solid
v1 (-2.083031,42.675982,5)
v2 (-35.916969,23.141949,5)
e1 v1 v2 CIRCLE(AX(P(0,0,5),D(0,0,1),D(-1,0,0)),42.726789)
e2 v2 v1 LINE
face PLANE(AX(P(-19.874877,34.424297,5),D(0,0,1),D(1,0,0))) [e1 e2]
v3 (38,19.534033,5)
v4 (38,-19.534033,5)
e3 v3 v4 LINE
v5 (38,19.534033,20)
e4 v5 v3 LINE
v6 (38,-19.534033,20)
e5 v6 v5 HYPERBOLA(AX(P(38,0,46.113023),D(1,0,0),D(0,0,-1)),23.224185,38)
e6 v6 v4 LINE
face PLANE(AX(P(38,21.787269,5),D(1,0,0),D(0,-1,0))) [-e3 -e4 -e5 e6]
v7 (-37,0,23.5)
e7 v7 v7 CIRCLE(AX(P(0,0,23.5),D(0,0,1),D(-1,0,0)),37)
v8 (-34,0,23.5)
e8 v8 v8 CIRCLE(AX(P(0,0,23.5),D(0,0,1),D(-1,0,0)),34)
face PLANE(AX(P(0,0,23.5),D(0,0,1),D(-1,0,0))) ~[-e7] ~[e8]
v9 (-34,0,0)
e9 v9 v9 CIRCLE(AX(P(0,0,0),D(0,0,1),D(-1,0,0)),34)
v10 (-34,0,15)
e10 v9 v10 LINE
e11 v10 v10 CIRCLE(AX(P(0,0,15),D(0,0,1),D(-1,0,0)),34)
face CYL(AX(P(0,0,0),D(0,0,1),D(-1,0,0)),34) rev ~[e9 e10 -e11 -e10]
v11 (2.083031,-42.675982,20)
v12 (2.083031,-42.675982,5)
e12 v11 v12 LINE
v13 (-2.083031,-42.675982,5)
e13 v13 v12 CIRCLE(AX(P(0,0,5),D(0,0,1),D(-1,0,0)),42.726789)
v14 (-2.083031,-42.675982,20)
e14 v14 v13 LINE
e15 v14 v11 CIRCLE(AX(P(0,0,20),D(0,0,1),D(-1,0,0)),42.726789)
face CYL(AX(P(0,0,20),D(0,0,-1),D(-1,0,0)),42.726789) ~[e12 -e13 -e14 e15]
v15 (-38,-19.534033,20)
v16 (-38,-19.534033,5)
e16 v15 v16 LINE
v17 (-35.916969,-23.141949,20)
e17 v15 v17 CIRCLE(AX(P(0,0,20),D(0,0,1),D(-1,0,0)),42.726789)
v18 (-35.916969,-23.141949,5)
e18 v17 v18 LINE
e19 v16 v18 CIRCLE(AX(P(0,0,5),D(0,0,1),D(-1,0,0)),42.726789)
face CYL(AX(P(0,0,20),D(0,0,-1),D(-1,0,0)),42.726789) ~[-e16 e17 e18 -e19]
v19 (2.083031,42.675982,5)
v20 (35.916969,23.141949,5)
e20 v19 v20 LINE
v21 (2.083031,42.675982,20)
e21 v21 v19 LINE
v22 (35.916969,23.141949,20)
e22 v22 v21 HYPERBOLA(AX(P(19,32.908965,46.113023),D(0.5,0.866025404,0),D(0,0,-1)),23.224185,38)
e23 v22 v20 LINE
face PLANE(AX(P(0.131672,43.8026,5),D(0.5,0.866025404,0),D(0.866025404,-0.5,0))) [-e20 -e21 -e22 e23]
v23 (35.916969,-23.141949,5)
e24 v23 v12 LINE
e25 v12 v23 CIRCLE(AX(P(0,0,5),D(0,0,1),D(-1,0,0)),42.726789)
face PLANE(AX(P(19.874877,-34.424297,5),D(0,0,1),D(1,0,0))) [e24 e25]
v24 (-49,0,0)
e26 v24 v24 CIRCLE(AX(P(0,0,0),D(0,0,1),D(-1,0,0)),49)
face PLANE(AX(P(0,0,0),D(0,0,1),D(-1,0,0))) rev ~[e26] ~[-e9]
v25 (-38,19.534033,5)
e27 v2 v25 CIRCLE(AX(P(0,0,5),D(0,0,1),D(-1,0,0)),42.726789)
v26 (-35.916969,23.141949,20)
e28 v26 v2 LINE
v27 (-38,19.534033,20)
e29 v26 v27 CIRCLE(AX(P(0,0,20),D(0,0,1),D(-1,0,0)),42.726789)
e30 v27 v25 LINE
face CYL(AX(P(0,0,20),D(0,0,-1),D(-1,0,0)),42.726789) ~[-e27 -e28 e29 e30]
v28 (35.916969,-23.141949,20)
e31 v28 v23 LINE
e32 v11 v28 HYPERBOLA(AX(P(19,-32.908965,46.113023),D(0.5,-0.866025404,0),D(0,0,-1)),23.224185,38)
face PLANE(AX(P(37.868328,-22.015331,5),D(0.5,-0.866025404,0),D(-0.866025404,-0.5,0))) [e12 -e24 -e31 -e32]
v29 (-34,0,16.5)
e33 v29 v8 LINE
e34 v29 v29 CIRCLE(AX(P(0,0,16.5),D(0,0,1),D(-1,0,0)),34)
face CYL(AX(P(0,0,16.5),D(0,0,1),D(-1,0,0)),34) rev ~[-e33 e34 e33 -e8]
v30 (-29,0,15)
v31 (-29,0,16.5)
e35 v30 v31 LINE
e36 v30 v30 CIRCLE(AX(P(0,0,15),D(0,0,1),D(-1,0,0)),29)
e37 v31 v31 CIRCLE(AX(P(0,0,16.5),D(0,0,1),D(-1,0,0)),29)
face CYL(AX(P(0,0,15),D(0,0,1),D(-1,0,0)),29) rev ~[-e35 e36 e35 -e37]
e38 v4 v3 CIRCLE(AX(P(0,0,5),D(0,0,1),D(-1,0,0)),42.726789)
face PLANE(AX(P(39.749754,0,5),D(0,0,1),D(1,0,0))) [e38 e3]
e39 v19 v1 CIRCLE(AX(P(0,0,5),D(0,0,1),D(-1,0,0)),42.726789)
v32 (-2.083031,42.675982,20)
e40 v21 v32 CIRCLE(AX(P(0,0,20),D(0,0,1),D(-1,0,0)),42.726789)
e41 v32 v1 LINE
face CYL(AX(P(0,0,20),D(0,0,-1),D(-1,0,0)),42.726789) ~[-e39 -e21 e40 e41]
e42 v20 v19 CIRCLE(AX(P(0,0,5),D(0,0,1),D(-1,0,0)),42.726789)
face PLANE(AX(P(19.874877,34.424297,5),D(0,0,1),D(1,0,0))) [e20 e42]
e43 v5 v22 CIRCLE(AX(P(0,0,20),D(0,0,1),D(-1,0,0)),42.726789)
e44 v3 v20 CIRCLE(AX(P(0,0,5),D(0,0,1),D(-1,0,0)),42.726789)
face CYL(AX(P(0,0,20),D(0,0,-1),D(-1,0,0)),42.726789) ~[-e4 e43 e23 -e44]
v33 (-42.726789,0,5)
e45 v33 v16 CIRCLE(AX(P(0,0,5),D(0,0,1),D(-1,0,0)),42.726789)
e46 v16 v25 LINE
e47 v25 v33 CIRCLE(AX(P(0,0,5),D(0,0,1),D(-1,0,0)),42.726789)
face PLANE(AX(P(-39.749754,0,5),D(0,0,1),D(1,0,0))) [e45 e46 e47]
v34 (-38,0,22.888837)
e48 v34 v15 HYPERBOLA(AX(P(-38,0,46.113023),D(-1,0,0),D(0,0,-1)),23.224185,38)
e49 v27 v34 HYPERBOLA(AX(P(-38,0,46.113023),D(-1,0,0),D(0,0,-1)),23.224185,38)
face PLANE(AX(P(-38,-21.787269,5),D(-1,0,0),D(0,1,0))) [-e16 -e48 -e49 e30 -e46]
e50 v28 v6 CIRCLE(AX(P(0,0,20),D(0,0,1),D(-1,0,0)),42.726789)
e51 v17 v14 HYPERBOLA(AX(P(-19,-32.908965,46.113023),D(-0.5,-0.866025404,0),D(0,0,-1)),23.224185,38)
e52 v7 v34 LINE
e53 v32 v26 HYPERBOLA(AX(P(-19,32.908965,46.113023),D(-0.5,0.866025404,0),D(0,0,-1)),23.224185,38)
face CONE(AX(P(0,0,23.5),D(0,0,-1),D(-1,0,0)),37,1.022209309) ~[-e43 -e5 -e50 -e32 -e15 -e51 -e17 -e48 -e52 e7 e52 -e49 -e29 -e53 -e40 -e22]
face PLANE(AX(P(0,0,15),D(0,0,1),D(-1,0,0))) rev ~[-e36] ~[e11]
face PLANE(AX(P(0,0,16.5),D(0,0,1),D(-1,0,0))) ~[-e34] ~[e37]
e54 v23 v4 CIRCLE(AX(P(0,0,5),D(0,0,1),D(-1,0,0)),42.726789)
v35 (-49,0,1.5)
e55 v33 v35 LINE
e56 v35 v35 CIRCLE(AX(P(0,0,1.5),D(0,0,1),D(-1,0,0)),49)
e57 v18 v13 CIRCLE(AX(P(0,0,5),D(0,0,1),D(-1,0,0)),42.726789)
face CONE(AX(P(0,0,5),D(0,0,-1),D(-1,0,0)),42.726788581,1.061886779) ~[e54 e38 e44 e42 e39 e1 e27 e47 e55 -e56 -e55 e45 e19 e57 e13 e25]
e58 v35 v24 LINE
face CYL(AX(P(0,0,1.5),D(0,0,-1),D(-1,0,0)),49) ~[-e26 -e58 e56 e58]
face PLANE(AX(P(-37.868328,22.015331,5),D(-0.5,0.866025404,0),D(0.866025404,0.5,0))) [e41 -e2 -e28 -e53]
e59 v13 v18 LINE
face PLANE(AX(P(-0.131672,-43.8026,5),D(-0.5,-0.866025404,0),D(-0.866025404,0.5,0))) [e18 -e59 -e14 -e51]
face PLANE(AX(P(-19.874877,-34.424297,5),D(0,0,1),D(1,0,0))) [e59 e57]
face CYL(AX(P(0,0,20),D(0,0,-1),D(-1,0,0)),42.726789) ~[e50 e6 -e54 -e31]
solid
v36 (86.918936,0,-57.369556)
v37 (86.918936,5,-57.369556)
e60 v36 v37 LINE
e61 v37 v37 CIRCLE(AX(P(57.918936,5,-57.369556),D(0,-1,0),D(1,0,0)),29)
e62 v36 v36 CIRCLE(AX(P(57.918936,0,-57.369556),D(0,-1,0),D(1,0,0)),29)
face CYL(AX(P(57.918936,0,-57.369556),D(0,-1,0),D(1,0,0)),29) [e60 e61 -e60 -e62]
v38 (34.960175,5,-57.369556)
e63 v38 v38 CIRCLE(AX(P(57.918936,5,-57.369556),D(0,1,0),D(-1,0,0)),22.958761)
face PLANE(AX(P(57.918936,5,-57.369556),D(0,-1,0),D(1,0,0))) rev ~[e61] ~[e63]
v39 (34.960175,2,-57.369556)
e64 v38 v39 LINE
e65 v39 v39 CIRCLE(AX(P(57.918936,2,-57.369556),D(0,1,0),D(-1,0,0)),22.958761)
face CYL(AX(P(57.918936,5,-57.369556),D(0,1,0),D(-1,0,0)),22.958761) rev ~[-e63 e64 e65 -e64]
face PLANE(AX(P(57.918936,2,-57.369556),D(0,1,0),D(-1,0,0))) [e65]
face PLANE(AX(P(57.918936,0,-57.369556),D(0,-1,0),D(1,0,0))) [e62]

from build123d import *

# Parameters (mm, degrees)
F3_START  = 5
F3_DEPTH  = 24.3
F4_R      = 29
F4_R_2    = 25
F5_DEPTH  = 5
F5_FACE_R = 29
F6_DEPTH  = 3
F7_R      = 22.958760834
F8_DEPTH  = 3


with BuildPart() as f1:
    # F0 (on Front) → F1 (revolve)
    with BuildSketch(Plane.XZ):
        Polygon((-49, 0), (-34, 0), (-34, 15), (-29, 15), (-29, 16.5), (-34, 16.5), (-34, 23.5), (-37, 23.5), (-42.7267885808, 20), (-42.7267885808, 5), (-49, 1.5), align=None)
    revolve(axis=Axis((0, 0, 10.3921918198), (0, 0, 1)))

    # F2 (on Top) → F3 (cut)
    with BuildSketch(Plane.XY.offset(F3_START)):
        with BuildLine():
            Line((-38, -21.787268535), (-38, 21.787268535))
            ThreePointArc((-38, 21.787268535), (-43.8027975159, 0), (-38, -21.787268535))
        make_face()
        with BuildLine():
            Line((-0.1316719696, -43.8025996113), (-37.8683280304, -22.0153310763))
            ThreePointArc((-37.8683280304, -22.0153310763), (-21.9013987579, -37.9343354056), (-0.1316719696, -43.8025996113))
        make_face()
        with BuildLine():
            Line((37.8683280304, -22.0153310763), (0.1316719696, -43.8025996113))
            ThreePointArc((0.1316719696, -43.8025996113), (21.9013987579, -37.9343354056), (37.8683280304, -22.0153310763))
        make_face()
        with BuildLine():
            Line((38, 21.787268535), (38, -21.787268535))
            ThreePointArc((38, -21.787268535), (43.8027975159, 0), (38, 21.787268535))
        make_face()
        with BuildLine():
            Line((0.1316719696, 43.8025996113), (37.8683280304, 22.0153310763))
            ThreePointArc((37.8683280304, 22.0153310763), (21.9013987579, 37.9343354056), (0.1316719696, 43.8025996113))
        make_face()
        with BuildLine():
            Line((-37.8683280304, 22.0153310763), (-0.1316719696, 43.8025996113))
            ThreePointArc((-0.1316719696, 43.8025996113), (-21.9013987579, 37.9343354056), (-37.8683280304, 22.0153310763))
        make_face()
    extrude(amount=F3_DEPTH, mode=Mode.SUBTRACT)


with BuildPart() as f5:
    # F4 (on Front) → F5 (new body)
    with BuildSketch(Plane.XZ):
        with Locations((57.9189360142, -57.369556278)):
            Circle(F4_R)
        with Locations((57.9189360142, -57.369556278)):
            Circle(F4_R_2, mode=Mode.SUBTRACT)
        with Locations((57.9189360142, -57.369556278)):
            Circle(F4_R_2)
    extrude(amount=-F5_DEPTH)

    # F4 (on Front) + F5_face (on face) → F6 (join)
    with BuildSketch(Plane.XZ):
        with Locations((57.9189360142, -57.369556278)):
            Circle(F4_R)
        with Locations((57.9189360142, -57.369556278)):
            Circle(F4_R_2, mode=Mode.SUBTRACT)
    with BuildSketch(Plane(origin=(57.9189360142, 0, -57.369556278), x_dir=(1, 0, 0), z_dir=(0, -1, 0))):
        Circle(F5_FACE_R)
    extrude(amount=-F6_DEPTH)

    # F7 (on face) → F8 (cut)
    with BuildSketch(Plane(origin=(0, 5, 0), x_dir=(-1, 0, 0), z_dir=(0, 1, 0))):
        with Locations((-57.9189360142, -57.369556278)):
            Circle(F7_R)
    extrude(amount=-F8_DEPTH, mode=Mode.SUBTRACT)


solid = Compound([f1.part, f5.part])
